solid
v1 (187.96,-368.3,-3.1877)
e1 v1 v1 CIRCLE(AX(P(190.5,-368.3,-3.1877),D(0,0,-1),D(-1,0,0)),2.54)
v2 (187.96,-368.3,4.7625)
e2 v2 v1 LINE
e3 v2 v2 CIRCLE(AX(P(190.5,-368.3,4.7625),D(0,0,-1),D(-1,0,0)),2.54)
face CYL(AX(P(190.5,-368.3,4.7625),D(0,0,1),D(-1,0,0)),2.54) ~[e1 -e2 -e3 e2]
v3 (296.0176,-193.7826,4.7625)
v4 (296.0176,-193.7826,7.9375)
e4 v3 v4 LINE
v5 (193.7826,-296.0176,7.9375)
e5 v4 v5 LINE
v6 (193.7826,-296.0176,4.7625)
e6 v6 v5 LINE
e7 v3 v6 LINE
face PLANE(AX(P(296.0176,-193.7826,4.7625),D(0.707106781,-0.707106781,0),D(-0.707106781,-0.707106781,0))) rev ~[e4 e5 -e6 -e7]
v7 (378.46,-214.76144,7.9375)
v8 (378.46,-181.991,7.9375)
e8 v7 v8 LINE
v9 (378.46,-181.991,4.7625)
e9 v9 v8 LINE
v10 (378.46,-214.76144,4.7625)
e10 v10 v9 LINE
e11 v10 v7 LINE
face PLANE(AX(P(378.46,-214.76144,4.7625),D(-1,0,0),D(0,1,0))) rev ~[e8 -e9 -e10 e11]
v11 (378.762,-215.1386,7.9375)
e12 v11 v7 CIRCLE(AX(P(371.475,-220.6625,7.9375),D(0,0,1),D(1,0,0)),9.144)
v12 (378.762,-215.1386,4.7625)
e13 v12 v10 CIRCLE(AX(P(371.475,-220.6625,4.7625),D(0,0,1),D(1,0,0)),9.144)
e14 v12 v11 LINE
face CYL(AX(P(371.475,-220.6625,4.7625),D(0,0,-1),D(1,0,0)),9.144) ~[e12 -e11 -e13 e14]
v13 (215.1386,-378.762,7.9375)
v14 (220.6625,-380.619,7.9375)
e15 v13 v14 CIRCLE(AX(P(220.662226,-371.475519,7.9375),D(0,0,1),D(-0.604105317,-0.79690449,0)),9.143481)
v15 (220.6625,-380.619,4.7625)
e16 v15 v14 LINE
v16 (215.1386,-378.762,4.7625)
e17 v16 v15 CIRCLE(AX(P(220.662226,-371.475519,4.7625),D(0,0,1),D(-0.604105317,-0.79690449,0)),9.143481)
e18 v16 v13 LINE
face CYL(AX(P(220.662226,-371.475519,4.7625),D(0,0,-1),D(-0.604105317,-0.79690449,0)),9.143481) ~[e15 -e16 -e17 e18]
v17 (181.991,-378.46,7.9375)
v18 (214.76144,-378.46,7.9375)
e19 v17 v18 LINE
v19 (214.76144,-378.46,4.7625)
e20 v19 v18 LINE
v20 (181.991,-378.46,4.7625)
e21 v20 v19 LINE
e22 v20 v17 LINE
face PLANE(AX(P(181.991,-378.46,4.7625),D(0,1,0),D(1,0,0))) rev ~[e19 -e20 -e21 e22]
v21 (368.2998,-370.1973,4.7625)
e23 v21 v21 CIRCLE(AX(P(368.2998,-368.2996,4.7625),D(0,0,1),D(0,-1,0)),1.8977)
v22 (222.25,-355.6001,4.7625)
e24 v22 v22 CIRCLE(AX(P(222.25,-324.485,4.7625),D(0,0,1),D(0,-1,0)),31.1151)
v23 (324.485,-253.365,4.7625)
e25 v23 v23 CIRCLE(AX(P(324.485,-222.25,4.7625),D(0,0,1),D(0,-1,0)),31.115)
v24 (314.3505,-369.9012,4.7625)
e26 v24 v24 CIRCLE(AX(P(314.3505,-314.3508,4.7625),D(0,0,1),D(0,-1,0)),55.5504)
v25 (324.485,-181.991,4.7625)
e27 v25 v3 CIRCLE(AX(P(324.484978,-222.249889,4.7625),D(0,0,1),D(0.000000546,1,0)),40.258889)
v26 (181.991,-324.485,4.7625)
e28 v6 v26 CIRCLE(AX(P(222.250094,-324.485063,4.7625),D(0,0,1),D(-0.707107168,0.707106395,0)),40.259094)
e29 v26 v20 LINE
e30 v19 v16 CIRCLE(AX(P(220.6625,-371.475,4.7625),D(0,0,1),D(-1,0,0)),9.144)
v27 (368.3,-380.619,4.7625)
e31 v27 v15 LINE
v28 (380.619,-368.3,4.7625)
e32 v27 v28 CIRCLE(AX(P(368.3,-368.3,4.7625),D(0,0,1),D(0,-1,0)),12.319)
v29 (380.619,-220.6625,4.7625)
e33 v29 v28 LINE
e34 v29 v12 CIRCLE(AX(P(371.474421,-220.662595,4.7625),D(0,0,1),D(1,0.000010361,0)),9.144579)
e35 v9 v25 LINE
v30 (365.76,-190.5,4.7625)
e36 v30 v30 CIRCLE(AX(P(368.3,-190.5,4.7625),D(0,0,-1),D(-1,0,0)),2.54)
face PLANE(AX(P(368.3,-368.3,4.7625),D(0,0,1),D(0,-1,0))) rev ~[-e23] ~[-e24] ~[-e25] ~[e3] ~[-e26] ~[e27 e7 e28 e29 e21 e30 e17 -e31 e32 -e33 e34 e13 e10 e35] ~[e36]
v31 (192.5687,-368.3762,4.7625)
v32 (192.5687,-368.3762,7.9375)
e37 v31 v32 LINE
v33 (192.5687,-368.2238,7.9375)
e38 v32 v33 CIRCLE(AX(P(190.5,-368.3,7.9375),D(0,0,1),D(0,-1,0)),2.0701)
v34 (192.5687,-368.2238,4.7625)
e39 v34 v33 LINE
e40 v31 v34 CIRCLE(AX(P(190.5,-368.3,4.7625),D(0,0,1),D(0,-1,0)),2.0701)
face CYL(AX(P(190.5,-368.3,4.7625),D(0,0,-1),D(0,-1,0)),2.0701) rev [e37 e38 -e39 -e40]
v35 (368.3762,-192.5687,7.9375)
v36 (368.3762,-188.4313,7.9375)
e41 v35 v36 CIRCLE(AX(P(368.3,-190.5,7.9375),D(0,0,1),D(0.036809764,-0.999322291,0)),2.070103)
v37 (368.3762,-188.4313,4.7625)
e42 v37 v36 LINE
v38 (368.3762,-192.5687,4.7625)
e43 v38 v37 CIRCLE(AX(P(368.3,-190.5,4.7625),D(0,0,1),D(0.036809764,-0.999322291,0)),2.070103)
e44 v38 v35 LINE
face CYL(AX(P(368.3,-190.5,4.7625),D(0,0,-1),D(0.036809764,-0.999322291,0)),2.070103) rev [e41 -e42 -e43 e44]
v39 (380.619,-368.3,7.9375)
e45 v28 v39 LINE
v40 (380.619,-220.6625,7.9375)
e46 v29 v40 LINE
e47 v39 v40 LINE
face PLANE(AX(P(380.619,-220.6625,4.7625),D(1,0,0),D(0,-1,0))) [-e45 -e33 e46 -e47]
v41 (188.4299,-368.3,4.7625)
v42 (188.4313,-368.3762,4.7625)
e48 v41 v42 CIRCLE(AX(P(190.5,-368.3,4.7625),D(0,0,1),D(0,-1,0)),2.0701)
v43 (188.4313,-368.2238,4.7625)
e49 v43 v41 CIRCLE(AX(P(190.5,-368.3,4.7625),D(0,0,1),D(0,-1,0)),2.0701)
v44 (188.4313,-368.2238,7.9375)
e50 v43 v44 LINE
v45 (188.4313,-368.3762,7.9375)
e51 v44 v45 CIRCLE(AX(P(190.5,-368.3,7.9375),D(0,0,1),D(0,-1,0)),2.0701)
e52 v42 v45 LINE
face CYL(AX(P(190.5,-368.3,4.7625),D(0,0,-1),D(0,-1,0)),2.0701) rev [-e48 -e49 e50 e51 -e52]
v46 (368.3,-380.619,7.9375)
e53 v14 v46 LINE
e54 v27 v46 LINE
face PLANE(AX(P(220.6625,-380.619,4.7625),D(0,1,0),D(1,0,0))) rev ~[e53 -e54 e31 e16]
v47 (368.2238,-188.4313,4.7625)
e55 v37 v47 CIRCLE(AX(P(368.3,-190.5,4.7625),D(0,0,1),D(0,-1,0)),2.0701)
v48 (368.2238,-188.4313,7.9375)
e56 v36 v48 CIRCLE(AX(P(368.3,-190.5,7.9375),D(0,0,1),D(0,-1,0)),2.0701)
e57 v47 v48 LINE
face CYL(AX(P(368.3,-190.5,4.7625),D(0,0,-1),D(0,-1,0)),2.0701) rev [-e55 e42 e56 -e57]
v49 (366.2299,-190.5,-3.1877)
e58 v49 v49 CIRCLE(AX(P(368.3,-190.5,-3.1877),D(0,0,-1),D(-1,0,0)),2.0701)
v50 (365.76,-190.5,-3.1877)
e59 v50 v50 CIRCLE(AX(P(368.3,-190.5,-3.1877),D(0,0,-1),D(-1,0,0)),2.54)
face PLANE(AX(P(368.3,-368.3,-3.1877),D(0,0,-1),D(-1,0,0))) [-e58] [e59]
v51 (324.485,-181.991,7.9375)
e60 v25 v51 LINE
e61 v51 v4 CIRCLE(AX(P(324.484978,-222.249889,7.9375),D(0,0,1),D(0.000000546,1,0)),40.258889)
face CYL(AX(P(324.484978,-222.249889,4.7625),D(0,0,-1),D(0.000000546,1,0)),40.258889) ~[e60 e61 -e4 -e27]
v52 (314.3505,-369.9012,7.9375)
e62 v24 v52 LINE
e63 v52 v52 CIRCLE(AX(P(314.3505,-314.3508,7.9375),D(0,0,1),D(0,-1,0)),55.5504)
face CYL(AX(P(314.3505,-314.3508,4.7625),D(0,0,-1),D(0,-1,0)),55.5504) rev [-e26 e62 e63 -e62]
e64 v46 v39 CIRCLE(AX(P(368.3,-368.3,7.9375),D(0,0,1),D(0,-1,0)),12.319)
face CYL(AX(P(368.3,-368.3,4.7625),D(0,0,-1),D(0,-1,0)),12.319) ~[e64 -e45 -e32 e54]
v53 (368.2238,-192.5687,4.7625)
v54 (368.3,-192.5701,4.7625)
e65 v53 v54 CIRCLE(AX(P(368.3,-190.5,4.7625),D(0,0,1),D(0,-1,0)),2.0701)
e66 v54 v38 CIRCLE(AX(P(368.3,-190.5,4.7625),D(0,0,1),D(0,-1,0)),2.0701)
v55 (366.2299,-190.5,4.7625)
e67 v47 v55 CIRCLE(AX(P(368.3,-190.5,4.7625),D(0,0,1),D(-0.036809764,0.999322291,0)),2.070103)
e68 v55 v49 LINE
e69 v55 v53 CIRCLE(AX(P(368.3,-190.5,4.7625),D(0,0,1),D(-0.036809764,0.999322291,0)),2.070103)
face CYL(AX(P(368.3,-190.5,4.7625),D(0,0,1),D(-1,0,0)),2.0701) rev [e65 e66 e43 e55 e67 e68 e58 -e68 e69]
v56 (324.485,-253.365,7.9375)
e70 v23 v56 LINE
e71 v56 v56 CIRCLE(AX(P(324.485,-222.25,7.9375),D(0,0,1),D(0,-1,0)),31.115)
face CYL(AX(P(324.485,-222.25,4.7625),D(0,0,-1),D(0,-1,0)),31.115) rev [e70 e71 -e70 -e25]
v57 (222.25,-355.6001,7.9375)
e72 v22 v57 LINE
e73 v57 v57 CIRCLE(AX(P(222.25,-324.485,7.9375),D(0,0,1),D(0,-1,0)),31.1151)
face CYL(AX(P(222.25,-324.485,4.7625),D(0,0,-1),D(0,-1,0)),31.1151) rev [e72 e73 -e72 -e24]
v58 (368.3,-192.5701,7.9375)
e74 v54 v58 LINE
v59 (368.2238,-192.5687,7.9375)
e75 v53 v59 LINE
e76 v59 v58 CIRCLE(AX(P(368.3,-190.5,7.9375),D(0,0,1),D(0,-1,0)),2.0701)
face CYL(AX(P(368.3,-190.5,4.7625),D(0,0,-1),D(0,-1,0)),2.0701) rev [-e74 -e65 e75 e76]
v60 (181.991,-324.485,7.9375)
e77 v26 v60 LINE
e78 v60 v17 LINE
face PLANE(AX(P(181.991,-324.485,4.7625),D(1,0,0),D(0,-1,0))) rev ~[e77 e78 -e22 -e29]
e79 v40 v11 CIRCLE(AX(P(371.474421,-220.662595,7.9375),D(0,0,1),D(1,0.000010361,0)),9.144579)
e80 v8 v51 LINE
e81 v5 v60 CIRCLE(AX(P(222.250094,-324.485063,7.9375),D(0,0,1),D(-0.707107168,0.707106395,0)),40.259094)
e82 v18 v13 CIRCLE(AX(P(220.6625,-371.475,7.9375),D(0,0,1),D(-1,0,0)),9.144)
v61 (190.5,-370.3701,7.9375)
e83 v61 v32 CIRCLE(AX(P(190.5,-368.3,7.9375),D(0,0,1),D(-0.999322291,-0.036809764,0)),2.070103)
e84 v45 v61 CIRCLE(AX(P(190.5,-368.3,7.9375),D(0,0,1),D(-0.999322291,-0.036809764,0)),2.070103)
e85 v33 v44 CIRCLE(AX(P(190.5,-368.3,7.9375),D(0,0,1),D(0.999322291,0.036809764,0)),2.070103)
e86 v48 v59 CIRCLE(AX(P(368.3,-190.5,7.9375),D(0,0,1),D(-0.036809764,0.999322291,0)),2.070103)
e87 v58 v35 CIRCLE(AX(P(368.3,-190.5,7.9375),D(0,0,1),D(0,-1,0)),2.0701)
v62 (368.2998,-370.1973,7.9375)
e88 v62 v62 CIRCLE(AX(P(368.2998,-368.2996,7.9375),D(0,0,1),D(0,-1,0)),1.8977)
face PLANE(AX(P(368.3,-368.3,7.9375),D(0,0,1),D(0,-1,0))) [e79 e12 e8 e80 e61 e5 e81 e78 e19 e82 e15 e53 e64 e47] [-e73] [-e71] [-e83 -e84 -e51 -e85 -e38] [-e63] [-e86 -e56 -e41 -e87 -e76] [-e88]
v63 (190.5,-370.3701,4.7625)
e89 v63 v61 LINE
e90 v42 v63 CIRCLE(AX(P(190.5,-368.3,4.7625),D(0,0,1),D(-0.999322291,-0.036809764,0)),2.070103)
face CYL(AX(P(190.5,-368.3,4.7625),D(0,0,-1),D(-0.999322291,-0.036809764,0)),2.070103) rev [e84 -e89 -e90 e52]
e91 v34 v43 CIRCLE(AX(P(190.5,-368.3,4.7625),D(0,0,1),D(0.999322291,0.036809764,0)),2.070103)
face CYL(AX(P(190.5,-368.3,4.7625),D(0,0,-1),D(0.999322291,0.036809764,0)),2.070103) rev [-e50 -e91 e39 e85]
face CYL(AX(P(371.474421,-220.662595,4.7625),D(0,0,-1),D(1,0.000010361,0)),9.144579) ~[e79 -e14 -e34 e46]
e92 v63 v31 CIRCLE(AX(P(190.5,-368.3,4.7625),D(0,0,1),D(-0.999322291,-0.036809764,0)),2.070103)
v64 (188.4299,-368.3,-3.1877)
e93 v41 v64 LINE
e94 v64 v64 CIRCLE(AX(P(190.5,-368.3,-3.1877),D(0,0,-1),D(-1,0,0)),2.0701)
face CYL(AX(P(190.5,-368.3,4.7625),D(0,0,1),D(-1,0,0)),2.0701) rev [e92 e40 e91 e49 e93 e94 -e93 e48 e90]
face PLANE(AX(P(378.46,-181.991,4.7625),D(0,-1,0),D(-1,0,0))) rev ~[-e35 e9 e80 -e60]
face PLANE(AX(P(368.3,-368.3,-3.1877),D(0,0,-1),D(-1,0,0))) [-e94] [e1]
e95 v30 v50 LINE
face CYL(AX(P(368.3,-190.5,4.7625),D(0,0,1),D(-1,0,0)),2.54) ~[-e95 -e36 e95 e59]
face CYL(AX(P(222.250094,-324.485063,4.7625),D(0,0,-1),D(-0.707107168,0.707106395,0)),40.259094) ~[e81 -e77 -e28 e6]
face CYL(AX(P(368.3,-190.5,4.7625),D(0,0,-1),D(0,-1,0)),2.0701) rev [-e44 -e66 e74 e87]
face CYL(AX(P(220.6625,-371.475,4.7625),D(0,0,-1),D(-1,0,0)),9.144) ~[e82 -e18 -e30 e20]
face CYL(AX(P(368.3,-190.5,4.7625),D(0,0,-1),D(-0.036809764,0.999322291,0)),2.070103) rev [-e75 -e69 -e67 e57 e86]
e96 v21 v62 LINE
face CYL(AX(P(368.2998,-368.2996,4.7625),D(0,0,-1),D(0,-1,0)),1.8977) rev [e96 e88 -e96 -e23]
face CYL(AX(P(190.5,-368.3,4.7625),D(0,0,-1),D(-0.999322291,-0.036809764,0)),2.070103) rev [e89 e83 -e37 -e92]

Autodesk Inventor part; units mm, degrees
ref_plane "YZ Plane" through (0, 0, 0) normal (1, 0, 0) x (0, 1, 0)
ref_plane "XZ Plane" through (0, 0, 0) normal (0, 1, 0) x (-1, 0, 0)
ref_plane "XY Plane" through (0, 0, 0) normal (0, 0, 1) x (1, 0, 0)
ref_plane "Work Plane1" through (368.3, -368.3, 4.7625) normal (0, 0, 1) x (0, -1, 0)
sketch "Sketch1" plane through (368.3, -368.3, 4.7625) normal (0, 0, 1) x (0, -1, 0)
  spline S0 degree 3 number of poles 884
  arc A0 (-72.2824, -174.5174) -> (-43.815, -186.309) centre (-43.815, -146.05) ccw
  line L0 (-43.815, -186.309) -> (12.7, -186.309)
  line L1 (-174.5174, -72.2824) -> (-72.2824, -174.5174)
  arc A1 (-186.309, -43.815) -> (-174.5174, -72.2824) centre (-146.05, -43.815) ccw
  line L2 (-186.309, 12.7) -> (-186.309, -43.815)
  line L3 (-88.9, 10.16) -> (-647.7, 10.16)
  line L4 (10.16, -647.7) -> (10.16, -88.9)
  circle A2 centre (-43.815, -146.05) radius 31.1151
  circle A3 centre (-146.05, -43.815) radius 31.115
  line L5 (0, 0) -> (-123.3999, -123.3999) construction
  line L6 (0, -186.309) -> (0, 0) construction
  line L7 (0, 0) -> (-186.309, 0) construction
  spline S1 degree 3 number of poles 404 construction
  circle A4 centre (-53.9492, -53.9495) radius 55.5504
  line L8 (12.319, -147.6375) -> (12.319, -128.3493)
  line L9 (12.319, -125.6507) -> (12.319, -102.9776)
  line L10 (12.319, -748.919) -> (12.319, 12.7)
  line L11 (0, 12.319) -> (-53.975, 12.319)
  line L12 (-61.0927, 12.319) -> (-100.199, 12.319)
  line L13 (-147.6375, 12.319) -> (0, 12.319)
  arc A5 (12.319, 0) -> (0, 12.319) centre (0, 0) ccw
  arc A6 (-147.6375, 12.319) -> (-153.1614, 10.462) centre (-147.6375, 3.175) ccw
  arc A7 (-147.6375, 12.319) -> (-156.7815, 3.175) centre (-147.6375, 3.175) ccw
  line L14 (-156.7815, 3.175) -> (-156.7815, -3.175)
  arc A8 (-156.7815, -3.175) -> (-154.0017, -9.7408) centre (-147.6375, -3.175) ccw
  arc A9 (-156.7815, -3.175) -> (-147.6375, -12.319) centre (-147.6375, -3.175) ccw
  line L15 (-147.6375, -12.7) -> (-147.6375, -12.319)
  arc A10 (10.462, -153.1614) -> (12.319, -147.6375) centre (3.175, -147.6375) ccw
  arc A11 (3.175, -156.7815) -> (12.319, -147.6375) centre (3.175, -147.6375) ccw
  line L16 (-3.175, -156.7815) -> (3.175, -156.7815)
  arc A12 (-9.7408, -154.0017) -> (-3.175, -156.7815) centre (-3.175, -147.6375) ccw
  arc A13 (-12.319, -147.6375) -> (-3.175, -156.7815) centre (-3.175, -147.6375) ccw
  line L17 (-12.319, -147.6375) -> (-12.7, -147.6375)
  arc A14 (-175.7313, 0.0762) -> (-179.8687, 0.0762) centre (-177.8, 0) ccw
  arc A15 (-179.8687, -0.0762) -> (-175.7313, -0.0762) centre (-177.8, 0) ccw
  arc A16 (-0.0762, -175.7313) -> (-0.0762, -179.8687) centre (0, -177.8) ccw
  arc A17 (0.0762, -179.8687) -> (0.0762, -175.7313) centre (0, -177.8) ccw
  line L18 (-147.6375, 12.319) -> (-186.309, 12.319)
  line L19 (-147.6375, 12.319) -> (0, 12.319)
  line L20 (-186.309, 12.319) -> (-186.309, -43.815)
  line L21 (12.319, -186.309) -> (12.319, 0)
  line L22 (-174.5174, -72.2824) -> (-72.2824, -174.5174)
  line L23 (12.319, -186.309) -> (-43.815, -186.309)
  arc A18 (-72.2824, -174.5174) -> (-43.815, -186.309) centre (-43.815, -146.05) ccw
  arc A19 (-186.309, -43.815) -> (-174.5174, -72.2824) centre (-146.05, -43.815) ccw
  arc A20 (12.319, 0) -> (-0.0762, 12.319) centre (-0.0004, -0.0002) ccw
  circle A21 centre (-0.0004, -0.0002) radius 1.8977
  circle A22 centre (-177.8, 0) radius 2.0701
  circle A23 centre (0, -177.8) radius 2.0701
  point P0 (-368.3, -368.3)
  point P1 (-153.5386, 10.16)
  point P2 (-186.309, 10.16)
  point P3 (10.16, -186.309)
  point P4 (10.16, -153.5386)
  point P5 (7.669, 9.6408)
  point P6 (-179.8687, -0.0762)
  point P7 (-179.8687, 0.0762)
  point P8 (-175.7313, 0.0762)
  point P9 (-175.7313, -0.0762)
  point P10 (0.0762, -179.8687)
  point P11 (-0.0762, -179.8687)
  point P12 (-0.0762, -175.7313)
  point P13 (0.0762, -175.7313)
extrude "Extrusion1" add sketch "Sketch1" along normal blind 3.175 contours L1 A1 L2 L3 A7 A6 L13 L12 L11 A5 L10 L9 L8 A10 A11 L4 L0 A0
sketch "Sketch2" plane through (368.3, -368.3, 4.7625) normal (0, 0, -1) x (-1, 0, 0)
  circle A0 centre (177.8, 0) radius 2.0701 projected
  circle A1 centre (177.8, 0) radius 2.0701
  circle A2 centre (0, 177.8) radius 2.0701 projected
  circle A3 centre (0, 177.8) radius 2.0701
  circle A4 centre (177.8, 0) radius 2.54
  circle A5 centre (0, 177.8) radius 2.54
  point P0 (368.3, 368.3)
  dimension "d2" = 5.08
  dimension "d3" = 5.08
extrude "Extrusion2" add sketch "Sketch2" along normal blind 7.9502
properties part number "swerve protector"
